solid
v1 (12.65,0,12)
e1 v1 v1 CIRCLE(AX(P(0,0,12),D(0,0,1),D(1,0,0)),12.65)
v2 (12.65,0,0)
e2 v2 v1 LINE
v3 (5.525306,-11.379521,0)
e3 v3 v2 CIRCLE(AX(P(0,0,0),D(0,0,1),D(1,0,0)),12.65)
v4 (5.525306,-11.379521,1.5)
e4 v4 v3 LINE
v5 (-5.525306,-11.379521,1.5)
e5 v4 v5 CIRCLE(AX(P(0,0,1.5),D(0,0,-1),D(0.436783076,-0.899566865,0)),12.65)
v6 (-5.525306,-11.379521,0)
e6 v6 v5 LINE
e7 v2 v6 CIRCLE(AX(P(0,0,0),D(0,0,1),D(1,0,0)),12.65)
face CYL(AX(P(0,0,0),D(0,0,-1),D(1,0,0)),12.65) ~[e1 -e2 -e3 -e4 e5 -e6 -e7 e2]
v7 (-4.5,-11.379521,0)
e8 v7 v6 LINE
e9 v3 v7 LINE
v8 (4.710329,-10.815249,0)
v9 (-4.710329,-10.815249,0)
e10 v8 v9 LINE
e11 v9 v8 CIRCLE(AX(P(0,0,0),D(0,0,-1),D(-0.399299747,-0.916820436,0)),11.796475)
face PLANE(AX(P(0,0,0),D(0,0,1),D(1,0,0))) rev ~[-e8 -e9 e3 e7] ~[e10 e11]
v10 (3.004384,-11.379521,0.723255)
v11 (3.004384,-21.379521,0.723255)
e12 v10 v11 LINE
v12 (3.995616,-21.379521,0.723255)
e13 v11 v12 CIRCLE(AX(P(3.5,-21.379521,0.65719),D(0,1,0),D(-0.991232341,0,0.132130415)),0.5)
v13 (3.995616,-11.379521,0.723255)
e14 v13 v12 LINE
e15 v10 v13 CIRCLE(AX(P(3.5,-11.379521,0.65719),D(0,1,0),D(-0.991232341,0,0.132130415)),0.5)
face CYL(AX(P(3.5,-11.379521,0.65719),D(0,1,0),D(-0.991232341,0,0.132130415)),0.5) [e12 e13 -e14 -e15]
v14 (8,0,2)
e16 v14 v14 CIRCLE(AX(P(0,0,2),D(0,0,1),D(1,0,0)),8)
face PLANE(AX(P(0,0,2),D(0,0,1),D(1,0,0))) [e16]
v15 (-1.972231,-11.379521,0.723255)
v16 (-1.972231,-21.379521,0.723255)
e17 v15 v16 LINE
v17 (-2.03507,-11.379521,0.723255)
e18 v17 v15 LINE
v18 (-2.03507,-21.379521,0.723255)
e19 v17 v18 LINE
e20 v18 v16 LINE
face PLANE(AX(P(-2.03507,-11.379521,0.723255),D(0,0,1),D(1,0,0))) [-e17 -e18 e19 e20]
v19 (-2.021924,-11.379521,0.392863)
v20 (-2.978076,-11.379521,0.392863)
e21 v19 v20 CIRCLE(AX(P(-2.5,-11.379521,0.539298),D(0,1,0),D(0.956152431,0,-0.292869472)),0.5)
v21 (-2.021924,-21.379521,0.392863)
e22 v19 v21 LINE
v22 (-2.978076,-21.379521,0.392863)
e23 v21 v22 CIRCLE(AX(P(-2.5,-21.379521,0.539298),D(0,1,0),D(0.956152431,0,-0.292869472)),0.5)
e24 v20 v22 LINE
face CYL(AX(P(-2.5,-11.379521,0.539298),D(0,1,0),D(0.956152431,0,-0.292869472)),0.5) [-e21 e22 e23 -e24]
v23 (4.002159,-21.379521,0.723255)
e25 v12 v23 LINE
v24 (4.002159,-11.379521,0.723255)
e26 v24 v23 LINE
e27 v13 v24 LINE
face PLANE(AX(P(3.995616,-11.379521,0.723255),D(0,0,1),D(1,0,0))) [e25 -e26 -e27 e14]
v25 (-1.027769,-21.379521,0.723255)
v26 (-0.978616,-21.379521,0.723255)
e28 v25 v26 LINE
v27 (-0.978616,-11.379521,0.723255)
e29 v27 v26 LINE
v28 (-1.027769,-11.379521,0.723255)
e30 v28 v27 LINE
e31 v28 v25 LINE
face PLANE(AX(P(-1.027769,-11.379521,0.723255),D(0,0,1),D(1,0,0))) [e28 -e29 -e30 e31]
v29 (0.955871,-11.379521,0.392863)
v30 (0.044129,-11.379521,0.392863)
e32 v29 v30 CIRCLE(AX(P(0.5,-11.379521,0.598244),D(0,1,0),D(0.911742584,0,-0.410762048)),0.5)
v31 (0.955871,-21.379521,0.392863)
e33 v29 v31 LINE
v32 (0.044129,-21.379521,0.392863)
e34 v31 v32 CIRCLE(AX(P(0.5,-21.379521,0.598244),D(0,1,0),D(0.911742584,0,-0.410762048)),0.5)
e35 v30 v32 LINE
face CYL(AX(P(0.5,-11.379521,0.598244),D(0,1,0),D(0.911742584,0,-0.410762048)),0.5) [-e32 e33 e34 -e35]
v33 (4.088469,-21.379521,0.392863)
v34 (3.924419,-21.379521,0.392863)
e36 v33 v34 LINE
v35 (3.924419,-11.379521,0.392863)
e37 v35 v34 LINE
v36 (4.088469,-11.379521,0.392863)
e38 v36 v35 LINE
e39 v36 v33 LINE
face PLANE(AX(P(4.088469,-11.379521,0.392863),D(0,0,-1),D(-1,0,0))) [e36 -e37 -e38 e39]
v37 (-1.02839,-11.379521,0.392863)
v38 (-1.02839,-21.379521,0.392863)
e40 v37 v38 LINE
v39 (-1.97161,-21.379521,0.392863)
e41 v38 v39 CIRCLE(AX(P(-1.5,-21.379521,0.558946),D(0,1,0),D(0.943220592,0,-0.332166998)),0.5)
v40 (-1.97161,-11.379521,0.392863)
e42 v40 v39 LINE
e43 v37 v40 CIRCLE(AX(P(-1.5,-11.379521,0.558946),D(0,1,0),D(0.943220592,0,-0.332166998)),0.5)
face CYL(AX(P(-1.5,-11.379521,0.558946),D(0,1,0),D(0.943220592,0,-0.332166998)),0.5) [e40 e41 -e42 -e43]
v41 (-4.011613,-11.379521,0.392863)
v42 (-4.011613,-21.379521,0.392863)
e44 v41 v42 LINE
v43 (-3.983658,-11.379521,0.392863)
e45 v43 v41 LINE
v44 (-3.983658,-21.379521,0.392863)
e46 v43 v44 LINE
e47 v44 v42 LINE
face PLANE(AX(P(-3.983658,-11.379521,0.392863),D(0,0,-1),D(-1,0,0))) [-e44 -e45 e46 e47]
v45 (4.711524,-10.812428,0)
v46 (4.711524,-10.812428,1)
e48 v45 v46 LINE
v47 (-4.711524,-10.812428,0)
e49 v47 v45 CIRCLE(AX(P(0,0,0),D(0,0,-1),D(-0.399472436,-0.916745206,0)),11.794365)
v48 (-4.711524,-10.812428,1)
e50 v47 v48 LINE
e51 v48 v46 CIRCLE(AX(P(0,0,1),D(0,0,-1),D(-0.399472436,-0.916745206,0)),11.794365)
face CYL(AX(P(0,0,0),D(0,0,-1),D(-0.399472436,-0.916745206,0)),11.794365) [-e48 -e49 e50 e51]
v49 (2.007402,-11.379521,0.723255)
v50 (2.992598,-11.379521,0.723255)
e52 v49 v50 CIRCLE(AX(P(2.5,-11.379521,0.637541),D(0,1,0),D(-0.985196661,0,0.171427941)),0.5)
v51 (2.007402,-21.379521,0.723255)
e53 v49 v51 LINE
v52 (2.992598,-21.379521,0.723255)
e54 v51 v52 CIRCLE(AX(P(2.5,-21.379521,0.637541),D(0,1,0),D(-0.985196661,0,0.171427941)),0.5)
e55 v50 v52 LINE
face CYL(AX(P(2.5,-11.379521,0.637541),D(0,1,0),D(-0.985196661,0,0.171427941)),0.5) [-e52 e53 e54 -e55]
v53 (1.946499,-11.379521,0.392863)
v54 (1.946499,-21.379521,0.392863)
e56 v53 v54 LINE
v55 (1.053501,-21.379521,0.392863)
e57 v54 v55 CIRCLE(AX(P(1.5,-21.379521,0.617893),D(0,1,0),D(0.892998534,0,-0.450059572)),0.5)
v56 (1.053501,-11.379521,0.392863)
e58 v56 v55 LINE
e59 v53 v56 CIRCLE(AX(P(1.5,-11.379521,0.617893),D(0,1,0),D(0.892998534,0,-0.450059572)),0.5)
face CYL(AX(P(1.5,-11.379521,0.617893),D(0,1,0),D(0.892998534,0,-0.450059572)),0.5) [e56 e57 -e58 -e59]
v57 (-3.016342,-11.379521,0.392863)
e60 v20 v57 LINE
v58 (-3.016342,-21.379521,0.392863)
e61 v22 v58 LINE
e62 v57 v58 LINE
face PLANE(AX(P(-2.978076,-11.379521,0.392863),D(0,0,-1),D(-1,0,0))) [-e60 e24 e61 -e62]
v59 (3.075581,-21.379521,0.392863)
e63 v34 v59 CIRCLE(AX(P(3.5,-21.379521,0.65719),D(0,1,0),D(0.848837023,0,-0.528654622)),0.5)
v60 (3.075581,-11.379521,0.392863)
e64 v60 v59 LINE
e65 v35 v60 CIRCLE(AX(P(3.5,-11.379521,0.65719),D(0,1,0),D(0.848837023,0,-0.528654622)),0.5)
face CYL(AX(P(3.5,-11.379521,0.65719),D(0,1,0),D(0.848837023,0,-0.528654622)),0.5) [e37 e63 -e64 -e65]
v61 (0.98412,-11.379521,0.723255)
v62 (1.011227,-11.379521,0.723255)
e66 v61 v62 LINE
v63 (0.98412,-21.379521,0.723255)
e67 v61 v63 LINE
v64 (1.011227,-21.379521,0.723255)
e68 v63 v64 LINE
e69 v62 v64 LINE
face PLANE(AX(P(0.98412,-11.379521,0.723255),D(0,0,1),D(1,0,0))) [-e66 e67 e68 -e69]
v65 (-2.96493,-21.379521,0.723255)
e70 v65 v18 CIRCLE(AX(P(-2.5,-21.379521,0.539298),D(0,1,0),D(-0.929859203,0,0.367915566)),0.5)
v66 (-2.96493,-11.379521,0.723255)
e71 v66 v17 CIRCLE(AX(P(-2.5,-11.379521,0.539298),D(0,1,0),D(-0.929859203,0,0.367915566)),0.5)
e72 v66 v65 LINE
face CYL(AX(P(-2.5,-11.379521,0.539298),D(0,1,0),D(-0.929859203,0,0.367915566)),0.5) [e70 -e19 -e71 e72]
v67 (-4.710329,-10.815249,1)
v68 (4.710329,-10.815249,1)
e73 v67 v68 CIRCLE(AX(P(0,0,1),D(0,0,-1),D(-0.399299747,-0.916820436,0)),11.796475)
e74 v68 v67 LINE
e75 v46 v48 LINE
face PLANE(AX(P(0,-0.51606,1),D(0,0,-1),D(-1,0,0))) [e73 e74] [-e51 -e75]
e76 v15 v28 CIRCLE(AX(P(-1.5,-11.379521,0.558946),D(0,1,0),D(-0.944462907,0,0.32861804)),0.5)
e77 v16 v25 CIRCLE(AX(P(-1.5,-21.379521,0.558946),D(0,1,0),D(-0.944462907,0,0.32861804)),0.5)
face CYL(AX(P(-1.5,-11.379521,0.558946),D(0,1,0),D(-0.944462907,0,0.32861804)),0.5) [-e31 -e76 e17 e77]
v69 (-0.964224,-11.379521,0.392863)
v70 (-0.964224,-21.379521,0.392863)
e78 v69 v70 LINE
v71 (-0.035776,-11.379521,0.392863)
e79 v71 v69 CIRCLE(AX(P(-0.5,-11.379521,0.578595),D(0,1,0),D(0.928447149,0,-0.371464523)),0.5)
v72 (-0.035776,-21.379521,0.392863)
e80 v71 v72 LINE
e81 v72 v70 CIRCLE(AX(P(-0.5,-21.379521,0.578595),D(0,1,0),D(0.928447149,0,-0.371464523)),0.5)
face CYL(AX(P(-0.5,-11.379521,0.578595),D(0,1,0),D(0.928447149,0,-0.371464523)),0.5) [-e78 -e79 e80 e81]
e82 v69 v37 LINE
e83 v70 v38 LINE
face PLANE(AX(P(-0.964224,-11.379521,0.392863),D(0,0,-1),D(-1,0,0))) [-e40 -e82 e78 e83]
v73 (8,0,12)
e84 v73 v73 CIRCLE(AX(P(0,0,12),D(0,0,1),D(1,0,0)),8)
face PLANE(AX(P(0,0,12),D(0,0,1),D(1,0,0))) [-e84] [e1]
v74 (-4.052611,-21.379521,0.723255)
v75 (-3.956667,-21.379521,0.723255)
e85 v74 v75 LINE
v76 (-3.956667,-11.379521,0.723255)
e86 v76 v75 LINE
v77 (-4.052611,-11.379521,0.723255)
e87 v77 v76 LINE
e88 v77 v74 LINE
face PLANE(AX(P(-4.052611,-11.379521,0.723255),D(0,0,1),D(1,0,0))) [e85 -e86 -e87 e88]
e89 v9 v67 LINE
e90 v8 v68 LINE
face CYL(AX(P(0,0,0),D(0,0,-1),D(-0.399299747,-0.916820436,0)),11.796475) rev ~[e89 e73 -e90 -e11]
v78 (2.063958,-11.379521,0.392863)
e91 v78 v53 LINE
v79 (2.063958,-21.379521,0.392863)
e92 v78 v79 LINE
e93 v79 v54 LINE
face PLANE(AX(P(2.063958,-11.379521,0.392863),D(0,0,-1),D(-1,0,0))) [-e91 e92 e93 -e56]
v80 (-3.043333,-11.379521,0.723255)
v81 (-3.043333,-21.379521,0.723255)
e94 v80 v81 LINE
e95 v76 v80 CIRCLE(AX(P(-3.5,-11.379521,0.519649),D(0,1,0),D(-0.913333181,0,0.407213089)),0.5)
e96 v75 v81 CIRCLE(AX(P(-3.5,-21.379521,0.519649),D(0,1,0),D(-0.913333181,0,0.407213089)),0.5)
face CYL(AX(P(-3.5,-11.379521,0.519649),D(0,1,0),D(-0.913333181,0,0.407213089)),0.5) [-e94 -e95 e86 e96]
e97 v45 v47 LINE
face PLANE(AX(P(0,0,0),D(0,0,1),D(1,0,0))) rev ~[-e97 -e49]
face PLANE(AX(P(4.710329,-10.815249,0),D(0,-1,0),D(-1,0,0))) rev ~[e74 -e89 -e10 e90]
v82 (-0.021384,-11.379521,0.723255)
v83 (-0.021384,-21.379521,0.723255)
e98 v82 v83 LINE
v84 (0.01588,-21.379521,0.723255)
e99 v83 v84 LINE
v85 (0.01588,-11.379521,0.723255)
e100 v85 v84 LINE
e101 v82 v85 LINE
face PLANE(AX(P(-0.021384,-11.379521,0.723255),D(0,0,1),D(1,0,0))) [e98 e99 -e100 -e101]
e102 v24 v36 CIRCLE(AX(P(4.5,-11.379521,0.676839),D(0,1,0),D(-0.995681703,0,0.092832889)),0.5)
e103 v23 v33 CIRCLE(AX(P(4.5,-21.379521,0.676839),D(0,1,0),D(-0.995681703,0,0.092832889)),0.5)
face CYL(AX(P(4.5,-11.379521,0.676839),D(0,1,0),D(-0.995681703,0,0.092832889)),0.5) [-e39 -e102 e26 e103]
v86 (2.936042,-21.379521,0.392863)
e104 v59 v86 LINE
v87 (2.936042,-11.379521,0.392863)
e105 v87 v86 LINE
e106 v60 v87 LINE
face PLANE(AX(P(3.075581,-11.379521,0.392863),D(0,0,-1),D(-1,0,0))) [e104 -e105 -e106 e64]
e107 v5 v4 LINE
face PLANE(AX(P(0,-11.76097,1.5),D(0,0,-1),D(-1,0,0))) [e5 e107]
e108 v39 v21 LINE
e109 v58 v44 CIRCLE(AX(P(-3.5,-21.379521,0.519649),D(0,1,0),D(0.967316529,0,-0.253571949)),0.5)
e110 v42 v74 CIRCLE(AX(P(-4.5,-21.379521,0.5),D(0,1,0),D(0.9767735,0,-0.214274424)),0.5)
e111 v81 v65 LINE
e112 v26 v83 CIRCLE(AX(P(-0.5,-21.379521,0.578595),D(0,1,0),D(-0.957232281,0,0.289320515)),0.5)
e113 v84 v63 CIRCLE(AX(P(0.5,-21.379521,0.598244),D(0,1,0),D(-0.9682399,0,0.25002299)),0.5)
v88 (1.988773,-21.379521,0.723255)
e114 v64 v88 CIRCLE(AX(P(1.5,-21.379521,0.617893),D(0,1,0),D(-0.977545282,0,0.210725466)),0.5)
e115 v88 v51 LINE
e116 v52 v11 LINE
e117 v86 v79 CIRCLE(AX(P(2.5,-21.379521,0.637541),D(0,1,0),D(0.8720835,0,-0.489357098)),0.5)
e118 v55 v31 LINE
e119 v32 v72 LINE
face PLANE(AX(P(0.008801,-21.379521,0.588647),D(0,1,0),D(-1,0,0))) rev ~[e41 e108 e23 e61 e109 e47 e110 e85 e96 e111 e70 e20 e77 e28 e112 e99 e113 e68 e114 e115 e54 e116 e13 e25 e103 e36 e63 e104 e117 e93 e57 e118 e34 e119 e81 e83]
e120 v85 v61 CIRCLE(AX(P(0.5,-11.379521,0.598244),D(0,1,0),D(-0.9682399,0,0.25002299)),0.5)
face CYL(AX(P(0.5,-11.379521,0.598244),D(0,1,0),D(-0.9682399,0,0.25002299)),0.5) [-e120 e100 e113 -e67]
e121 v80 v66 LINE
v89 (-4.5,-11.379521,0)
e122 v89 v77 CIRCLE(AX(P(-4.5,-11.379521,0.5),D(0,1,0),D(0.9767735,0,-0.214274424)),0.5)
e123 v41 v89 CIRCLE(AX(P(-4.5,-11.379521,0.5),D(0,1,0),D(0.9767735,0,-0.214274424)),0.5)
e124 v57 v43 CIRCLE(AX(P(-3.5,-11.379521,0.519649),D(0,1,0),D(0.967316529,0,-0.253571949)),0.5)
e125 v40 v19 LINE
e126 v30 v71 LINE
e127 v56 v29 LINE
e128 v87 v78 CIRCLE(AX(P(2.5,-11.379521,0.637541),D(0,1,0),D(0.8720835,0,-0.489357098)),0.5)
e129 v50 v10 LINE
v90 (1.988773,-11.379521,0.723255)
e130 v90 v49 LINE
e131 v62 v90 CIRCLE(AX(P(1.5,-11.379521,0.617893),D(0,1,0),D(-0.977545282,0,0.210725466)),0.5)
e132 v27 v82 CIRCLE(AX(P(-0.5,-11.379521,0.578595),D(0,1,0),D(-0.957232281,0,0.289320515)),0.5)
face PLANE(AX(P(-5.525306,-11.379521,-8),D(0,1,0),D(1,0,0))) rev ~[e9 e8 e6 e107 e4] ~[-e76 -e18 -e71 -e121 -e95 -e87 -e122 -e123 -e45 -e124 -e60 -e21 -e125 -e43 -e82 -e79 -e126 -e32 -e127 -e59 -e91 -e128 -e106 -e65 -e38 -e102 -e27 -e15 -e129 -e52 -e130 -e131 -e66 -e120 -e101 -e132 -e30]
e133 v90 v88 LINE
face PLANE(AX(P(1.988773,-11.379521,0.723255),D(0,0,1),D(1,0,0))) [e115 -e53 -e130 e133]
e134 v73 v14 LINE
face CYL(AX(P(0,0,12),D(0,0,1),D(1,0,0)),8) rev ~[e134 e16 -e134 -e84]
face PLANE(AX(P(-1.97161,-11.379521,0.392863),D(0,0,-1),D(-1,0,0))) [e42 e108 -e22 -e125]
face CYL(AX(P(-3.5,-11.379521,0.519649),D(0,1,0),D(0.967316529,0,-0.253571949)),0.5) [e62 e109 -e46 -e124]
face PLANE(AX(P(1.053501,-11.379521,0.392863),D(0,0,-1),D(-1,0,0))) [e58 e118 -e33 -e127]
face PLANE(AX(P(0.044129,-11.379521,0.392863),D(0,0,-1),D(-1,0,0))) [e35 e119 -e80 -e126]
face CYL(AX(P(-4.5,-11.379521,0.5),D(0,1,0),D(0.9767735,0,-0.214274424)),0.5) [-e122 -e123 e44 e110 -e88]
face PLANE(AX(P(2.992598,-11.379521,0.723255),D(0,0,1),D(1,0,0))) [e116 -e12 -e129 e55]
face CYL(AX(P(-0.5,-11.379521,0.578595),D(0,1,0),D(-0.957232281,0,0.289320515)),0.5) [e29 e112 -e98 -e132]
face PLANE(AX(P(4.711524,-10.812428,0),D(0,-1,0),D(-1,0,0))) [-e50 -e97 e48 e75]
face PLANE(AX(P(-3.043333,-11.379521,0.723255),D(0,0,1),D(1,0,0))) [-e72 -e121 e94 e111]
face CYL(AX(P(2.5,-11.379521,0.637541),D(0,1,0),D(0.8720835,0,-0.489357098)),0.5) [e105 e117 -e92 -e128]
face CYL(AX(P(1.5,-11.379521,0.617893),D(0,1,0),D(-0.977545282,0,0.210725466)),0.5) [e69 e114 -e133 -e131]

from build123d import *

# Parameters (mm, degrees)
SKETCH_1_R          = 12.65
EXTRUDE_1_DEPTH     = 12
CUT_EXTRUDE_START   = 9
CUT_EXTRUDE_1_DEPTH = 9
CUT_EXTRUDE_2_DEPTH = 0.5
EXTRUDE_5_DEPTH     = 10
SKETCH_4_R          = 8
CUT_EXTRUDE_3_DEPTH = 10
CUT_EXTRUDE_4_DEPTH = 1


with BuildPart() as part:
    # 草图1 → 凸台-拉伸1 (new body)
    with BuildSketch(Plane.XY):
        Circle(SKETCH_1_R)
    extrude(amount=EXTRUDE_1_DEPTH)

    # 草图2 → 切除-拉伸1 (cut)
    with BuildSketch(Plane(origin=(0, 0, 1), x_dir=(-1, 0, 0), z_dir=(0, 0, -1)).offset(CUT_EXTRUDE_START)):
        with BuildLine():
            Line((0, -11.379520841), (-5.525305913, -11.379520841))
            ThreePointArc((-5.525305913, -11.379520841), (0, -12.65), (5.525305913, -11.379520841))
            Line((5.525305913, -11.379520841), (0, -11.379520841))
        make_face()
    extrude(amount=-CUT_EXTRUDE_1_DEPTH, mode=Mode.SUBTRACT)

    # 草图2<2> → 切除-拉伸2 (cut)
    with BuildSketch(Plane(origin=(0, 0, 1), x_dir=(-1, 0, 0), z_dir=(0, 0, -1))):
        with BuildLine():
            Line((0, -11.379520841), (-5.525305913, -11.379520841))
            ThreePointArc((-5.525305913, -11.379520841), (0, -12.65), (5.525305913, -11.379520841))
            Line((5.525305913, -11.379520841), (0, -11.379520841))
        make_face()
    extrude(amount=-CUT_EXTRUDE_2_DEPTH, mode=Mode.SUBTRACT)

    # 草图3 → 凸台-拉伸5 (add)
    with BuildSketch(Plane.XZ.offset(11.379520841)):
        with BuildLine():
            Line((-4.052610832, 0.723255308), (-3.95666659, 0.723255308))
            ThreePointArc((-3.95666659, 0.723255308), (-3.5, 1.019648763), (-3.04333341, 0.723255308))
            Line((-3.04333341, 0.723255308), (-2.964929601, 0.723255308))
            ThreePointArc((-2.964929601, 0.723255308), (-2.5, 1.039297525), (-2.035070399, 0.723255308))
            Line((-2.035070399, 0.723255308), (-1.972231454, 0.723255308))
            ThreePointArc((-1.972231454, 0.723255308), (-1.5, 1.058946288), (-1.027768546, 0.723255308))
            Line((-1.027768546, 0.723255308), (-0.97861614, 0.723255308))
            ThreePointArc((-0.97861614, 0.723255308), (-0.5, 1.07859505), (-0.02138386, 0.723255308))
            Line((-0.02138386, 0.723255308), (0.01588005, 0.723255308))
            ThreePointArc((0.01588005, 0.723255308), (0.5, 1.098243813), (0.98411995, 0.723255308))
            Line((0.98411995, 0.723255308), (1.011227359, 0.723255308))
            ThreePointArc((1.011227359, 0.723255308), (1.5, 1.117892575), (1.988772641, 0.723255308))
            Line((1.988772641, 0.723255308), (2.007401669, 0.723255308))
            ThreePointArc((2.007401669, 0.723255308), (2.5, 1.137541338), (2.992598331, 0.723255308))
            Line((2.992598331, 0.723255308), (3.00438383, 0.723255308))
            ThreePointArc((3.00438383, 0.723255308), (3.5, 1.1571901), (3.99561617, 0.723255308))
            Line((3.99561617, 0.723255308), (4.002159148, 0.723255308))
            ThreePointArc((4.002159148, 0.723255308), (4.983765438, 0.803215289), (4.088469212, 0.392862789))
            Line((4.088469212, 0.392862789), (3.924418511, 0.392862789))
            ThreePointArc((3.924418511, 0.392862789), (3.5, 0.1571901), (3.075581489, 0.392862789))
            Line((3.075581489, 0.392862789), (2.93604175, 0.392862789))
            ThreePointArc((2.93604175, 0.392862789), (2.5, 0.137541338), (2.06395825, 0.392862789))
            Line((2.06395825, 0.392862789), (1.946499267, 0.392862789))
            ThreePointArc((1.946499267, 0.392862789), (1.5, 0.117892575), (1.053500733, 0.392862789))
            Line((1.053500733, 0.392862789), (0.955871292, 0.392862789))
            ThreePointArc((0.955871292, 0.392862789), (0.5, 0.098243813), (0.044128708, 0.392862789))
            Line((0.044128708, 0.392862789), (-0.035776425, 0.392862789))
            ThreePointArc((-0.035776425, 0.392862789), (-0.5, 0.07859505), (-0.964223575, 0.392862789))
            Line((-0.964223575, 0.392862789), (-1.028389704, 0.392862789))
            ThreePointArc((-1.028389704, 0.392862789), (-1.5, 0.058946288), (-1.971610296, 0.392862789))
            Line((-1.971610296, 0.392862789), (-2.021923784, 0.392862789))
            ThreePointArc((-2.021923784, 0.392862789), (-2.5, 0.039297525), (-2.978076216, 0.392862789))
            Line((-2.978076216, 0.392862789), (-3.016341735, 0.392862789))
            ThreePointArc((-3.016341735, 0.392862789), (-3.5, 0.019648763), (-3.983658265, 0.392862789))
            Line((-3.983658265, 0.392862789), (-4.01161325, 0.392862789))
            ThreePointArc((-4.01161325, 0.392862789), (-4.996194464, 0.438428468), (-4.052610832, 0.723255308))
        make_face()
    extrude(amount=EXTRUDE_5_DEPTH)

    # 草图4 → 切除-拉伸3 (cut)
    with BuildSketch(Plane.XY.offset(12)):
        Circle(SKETCH_4_R)
    extrude(amount=-CUT_EXTRUDE_3_DEPTH, mode=Mode.SUBTRACT)

    # 草图5 → 切除-拉伸4 (cut)
    with BuildSketch(Plane(origin=(0, 0, 0), x_dir=(-1, 0, 0), z_dir=(0, 0, -1))):
        with BuildLine():
            Line((-4.710329459, -10.815249292), (4.710329459, -10.815249292))
            ThreePointArc((4.710329459, -10.815249292), (0, 11.796474934), (-4.710329459, -10.815249292))
        make_face()
        with BuildLine():
            Line((-4.711523736, -10.812427627), (4.711523736, -10.812427627))
            ThreePointArc((4.711523736, -10.812427627), (0, 11.794365057), (-4.711523736, -10.812427627))
        make_face(mode=Mode.SUBTRACT)
    extrude(amount=-CUT_EXTRUDE_4_DEPTH, mode=Mode.SUBTRACT)


solid = part.part
